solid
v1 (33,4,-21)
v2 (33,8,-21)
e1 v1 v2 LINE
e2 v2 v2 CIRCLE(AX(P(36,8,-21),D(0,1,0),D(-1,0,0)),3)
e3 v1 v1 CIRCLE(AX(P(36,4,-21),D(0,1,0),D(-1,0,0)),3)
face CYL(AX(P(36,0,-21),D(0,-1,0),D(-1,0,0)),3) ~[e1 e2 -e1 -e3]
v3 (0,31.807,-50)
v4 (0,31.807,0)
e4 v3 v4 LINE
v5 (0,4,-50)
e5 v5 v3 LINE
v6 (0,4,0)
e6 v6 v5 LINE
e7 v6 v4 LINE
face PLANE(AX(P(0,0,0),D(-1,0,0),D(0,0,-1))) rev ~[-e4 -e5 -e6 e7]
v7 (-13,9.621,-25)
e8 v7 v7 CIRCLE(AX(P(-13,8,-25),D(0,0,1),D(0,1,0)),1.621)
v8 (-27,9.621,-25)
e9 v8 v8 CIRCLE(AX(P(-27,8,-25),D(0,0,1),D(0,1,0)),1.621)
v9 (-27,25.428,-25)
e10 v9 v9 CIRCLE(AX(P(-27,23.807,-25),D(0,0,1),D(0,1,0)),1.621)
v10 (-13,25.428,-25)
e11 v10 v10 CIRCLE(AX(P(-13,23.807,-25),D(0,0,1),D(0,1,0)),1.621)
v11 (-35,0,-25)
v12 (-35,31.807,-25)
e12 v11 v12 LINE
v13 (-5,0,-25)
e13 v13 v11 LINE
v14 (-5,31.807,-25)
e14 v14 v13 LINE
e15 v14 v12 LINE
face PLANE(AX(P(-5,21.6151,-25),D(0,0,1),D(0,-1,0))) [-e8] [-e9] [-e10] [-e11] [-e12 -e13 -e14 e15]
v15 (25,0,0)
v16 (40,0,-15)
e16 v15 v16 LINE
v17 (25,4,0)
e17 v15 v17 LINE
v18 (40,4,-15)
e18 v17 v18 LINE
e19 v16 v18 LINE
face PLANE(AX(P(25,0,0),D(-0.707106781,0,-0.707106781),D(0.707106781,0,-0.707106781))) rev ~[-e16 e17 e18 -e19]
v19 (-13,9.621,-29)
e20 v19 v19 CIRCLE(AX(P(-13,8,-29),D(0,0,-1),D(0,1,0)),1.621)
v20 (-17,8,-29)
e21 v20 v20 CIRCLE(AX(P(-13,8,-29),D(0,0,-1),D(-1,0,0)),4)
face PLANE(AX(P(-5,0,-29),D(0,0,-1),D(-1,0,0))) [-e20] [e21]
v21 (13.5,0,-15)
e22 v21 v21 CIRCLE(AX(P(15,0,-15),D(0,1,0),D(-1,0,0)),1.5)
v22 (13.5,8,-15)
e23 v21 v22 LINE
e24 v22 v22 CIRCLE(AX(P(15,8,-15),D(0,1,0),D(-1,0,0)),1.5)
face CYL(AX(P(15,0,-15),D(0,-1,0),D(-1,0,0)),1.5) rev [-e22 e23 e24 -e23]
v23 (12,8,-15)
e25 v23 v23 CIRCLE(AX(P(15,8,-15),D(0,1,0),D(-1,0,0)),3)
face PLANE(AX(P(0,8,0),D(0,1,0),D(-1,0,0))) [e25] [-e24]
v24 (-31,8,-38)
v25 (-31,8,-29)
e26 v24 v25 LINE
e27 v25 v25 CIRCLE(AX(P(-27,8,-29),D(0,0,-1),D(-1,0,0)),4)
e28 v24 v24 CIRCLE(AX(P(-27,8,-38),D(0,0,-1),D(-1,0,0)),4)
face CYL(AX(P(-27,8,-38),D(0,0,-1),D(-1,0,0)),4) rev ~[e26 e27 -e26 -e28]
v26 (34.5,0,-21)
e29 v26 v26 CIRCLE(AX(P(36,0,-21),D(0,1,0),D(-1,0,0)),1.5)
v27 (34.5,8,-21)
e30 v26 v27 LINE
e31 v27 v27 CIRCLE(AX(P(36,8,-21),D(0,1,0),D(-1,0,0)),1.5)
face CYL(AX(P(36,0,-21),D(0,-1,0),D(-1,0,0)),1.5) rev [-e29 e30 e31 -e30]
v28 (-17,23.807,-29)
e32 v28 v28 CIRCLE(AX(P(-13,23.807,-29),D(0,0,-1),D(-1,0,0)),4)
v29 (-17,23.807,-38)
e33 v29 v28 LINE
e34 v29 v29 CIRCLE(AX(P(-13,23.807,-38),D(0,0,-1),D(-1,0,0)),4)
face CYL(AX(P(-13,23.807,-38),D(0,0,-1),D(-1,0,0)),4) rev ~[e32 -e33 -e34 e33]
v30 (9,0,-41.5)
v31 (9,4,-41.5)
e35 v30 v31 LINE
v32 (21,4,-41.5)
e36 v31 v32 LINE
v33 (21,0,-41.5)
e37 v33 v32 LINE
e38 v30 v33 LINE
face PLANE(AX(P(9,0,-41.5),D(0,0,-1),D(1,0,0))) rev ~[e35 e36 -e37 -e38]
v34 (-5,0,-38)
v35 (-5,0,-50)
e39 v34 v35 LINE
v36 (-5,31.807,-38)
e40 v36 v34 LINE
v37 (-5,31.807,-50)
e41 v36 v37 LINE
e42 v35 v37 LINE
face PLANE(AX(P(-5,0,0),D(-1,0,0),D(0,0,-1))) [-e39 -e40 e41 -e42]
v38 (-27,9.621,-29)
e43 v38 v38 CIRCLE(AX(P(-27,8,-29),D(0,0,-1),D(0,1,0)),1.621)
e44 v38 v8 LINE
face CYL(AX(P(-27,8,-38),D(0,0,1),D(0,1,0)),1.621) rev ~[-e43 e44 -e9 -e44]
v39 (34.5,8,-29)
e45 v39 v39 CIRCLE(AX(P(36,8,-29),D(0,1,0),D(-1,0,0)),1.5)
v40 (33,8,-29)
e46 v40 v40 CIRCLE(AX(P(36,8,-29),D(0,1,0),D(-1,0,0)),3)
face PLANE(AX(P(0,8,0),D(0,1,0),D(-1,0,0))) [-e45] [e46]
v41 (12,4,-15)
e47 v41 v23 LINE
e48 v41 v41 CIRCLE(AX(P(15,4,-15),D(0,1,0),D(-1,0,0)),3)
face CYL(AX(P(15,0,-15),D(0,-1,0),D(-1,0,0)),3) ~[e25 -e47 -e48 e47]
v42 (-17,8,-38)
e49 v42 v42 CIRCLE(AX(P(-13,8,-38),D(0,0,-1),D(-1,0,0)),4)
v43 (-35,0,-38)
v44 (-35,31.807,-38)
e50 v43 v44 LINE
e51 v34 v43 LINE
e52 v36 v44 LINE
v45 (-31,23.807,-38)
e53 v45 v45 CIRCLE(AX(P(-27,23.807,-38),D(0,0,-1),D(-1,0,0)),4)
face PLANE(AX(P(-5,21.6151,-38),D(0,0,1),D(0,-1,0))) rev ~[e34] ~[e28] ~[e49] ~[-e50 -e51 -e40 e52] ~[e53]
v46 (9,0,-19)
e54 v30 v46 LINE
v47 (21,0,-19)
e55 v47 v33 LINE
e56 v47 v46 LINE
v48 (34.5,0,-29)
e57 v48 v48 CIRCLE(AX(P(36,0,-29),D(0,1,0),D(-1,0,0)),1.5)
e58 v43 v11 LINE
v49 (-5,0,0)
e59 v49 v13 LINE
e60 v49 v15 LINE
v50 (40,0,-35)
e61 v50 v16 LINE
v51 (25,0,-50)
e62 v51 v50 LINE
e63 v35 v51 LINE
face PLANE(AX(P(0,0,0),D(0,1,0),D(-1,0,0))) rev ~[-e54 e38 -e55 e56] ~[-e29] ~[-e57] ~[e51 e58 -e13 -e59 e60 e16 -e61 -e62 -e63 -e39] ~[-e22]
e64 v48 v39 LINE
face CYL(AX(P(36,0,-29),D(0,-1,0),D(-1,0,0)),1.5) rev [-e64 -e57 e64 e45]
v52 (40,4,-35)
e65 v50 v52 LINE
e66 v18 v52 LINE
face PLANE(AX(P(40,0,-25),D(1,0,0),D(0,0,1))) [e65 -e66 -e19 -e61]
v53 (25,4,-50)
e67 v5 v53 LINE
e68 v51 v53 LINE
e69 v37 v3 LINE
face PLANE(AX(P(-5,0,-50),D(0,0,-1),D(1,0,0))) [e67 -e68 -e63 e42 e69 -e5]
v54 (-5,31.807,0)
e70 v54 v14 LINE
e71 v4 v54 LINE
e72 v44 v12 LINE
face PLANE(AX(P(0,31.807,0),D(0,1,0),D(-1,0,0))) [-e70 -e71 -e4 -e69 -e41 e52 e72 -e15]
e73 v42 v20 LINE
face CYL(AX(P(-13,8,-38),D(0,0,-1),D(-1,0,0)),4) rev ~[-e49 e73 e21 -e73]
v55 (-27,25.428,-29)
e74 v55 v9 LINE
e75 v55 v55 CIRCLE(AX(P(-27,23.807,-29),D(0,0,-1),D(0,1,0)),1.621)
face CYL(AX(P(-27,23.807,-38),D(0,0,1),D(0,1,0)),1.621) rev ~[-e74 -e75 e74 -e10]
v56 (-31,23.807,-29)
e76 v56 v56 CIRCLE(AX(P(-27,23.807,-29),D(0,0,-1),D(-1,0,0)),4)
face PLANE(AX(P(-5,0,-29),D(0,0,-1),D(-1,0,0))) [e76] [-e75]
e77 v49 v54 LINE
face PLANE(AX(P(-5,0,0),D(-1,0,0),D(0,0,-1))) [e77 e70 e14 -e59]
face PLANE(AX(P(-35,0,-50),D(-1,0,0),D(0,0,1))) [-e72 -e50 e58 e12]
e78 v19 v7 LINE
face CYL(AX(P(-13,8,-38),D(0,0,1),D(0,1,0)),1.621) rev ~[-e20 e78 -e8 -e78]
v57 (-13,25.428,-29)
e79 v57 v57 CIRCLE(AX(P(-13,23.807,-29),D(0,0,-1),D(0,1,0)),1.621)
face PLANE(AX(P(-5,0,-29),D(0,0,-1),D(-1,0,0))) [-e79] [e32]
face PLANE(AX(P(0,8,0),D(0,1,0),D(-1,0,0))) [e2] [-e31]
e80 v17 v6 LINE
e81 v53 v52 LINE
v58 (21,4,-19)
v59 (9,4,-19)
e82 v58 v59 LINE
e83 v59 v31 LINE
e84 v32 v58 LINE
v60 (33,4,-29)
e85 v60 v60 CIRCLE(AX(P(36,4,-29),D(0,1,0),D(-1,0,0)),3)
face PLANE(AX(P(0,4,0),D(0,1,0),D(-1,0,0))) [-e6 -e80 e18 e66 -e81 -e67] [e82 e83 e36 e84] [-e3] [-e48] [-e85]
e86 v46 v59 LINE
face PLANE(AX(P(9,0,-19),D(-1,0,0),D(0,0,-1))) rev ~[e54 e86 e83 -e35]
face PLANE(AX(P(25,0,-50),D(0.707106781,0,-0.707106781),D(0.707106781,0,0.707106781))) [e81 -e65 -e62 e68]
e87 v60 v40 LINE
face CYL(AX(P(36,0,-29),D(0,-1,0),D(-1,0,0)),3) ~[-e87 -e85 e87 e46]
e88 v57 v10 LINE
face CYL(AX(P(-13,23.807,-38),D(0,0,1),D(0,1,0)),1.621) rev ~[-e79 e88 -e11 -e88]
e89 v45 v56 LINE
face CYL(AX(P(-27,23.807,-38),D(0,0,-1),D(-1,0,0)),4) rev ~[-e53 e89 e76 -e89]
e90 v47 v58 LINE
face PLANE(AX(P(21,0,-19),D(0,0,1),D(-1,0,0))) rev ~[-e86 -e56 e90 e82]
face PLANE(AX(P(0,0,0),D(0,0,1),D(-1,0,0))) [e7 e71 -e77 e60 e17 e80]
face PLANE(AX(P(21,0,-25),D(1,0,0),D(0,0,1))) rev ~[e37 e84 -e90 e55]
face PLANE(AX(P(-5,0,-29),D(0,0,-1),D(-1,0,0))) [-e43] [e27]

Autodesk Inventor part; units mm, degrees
ref_plane "YZ Plane" through (0, 0, 0) normal (1, 0, 0) x (0, 1, 0)
ref_plane "XZ Plane" through (0, 0, 0) normal (0, 1, 0) x (-1, 0, 0)
ref_plane "XY Plane" through (0, 0, 0) normal (0, 0, 1) x (1, 0, 0)
sketch "Sketch1" plane through (0, 0, 0) normal (0, 1, 0) x (-1, 0, 0)
  point P0 (0, 0)
sketch "Sketch2" plane through (0, 0, 0) normal (0, 1, 0) x (-1, 0, 0)
  line L0 (0, 0) -> (0, -50)
  line L1 (0, -50) -> (-25, -50)
  line L2 (-40, -35) -> (-40, -15)
  line L3 (-25, 0) -> (0, 0)
  line L4 (-25, -50) -> (-40, -35)
  line L5 (-25, 0) -> (-40, -15)
  line L6 (-9, -35) -> (-9, -41.5)
  line L7 (-9, -41.5) -> (-21, -41.5)
  line L8 (-21, -41.5) -> (-21, -19)
  line L9 (-21, -19) -> (-9, -19)
  line L10 (-9, -19) -> (-9, -35)
  circle A0 centre (-15, -15) radius 3
  line L11 (0, -25) -> (-40, -25)
  circle A1 centre (-15, -15) radius 1.5
  line L12 (0, 0) -> (5, 0)
  line L13 (5, 0) -> (5, -50)
  line L14 (5, -50) -> (0, -50)
  circle A2 centre (-36, -21) radius 3
  circle A3 centre (-36, -29) radius 3
  circle A4 centre (-36, -21) radius 1.5
  circle A5 centre (-36, -29) radius 1.5
  dimension "d0" = 50
  dimension "d1" = 25
  dimension "d4" = 20
  dimension "d7" = 6.5
  dimension "d8" = 12
  dimension "d9" = 22.5
  dimension "d10" = 6
  dimension "d13" = 3
  dimension "d16" = 5
  dimension "d17" = 6
  dimension "d18" = 6
  dimension "d19" = 3
  dimension "d20" = 3
extrude "Extrusion1" add sketch "Sketch2" along normal blind 8 contours A0 | A2 | A3
extrude "Extrusion2" add sketch "Sketch2" along normal blind 4 contours L0 L11 L10 L9 L8 L2 L5 L3 | L0 L1 L4 L2 L11 L8 L7 L6 L10
extrude "Extrusion3" add sketch "Sketch2" along normal blind 31.807 contours L12 L13 L14 L0
sketch "Szkic4" plane through (-5, 0, -50) normal (-1, 0, 0) x (0, 0, 1)
  line L0 (0, 0) -> (50, 0) projected
  line L1 (50, 0) -> (50, 31.807) projected
  line L2 (0, 31.807) -> (50, 31.807) projected
  line L3 (0, 0) -> (0, 31.807) projected
  line L4 (38, 21.6151) -> (12, 21.6151)
  line L5 (25, 21.6151) -> (25, 0)
  line L6 (25, 21.6151) -> (25, 31.807)
  line L7 (12, 21.6151) -> (12, 31.807)
  line L8 (12, 21.6151) -> (12, 0)
  dimension "d32" = 31.807
  dimension "d33" = 50
  dimension "d34" = 26
  dimension "d35" = 12
  dimension "d36" = 12
  dimension "d37" = 13
extrude "Wyciągnięcie proste5" add sketch "Szkic4" along normal blind 30 contours L8 L4 L5 L0 | L7 L2 L6 L4
sketch "Szkic5" plane through (-5, 0, -38) normal (0, 0, -1) x (-1, 0, 0)
  line L0 (0, 0) -> (30, 0) projected
  line L1 (0, 31.807) -> (30, 31.807) projected
  line L2 (30, 31.807) -> (30, 0) projected
  line L3 (0, 0) -> (0, 31.807) projected
  line L4 (0, 0) -> (30, 0) projected
  line L5 (30, 31.807) -> (30, 0) projected
  line L6 (0, 31.807) -> (30, 31.807) projected
  point P0 (-5, 0)
  point P1 (22, 8)
  point P2 (22, 23.807)
  point P3 (8, 8)
  point P4 (8, 23.807)
  dimension "d40" = 8
  dimension "d41" = 8
  dimension "d42" = 8
  dimension "d43" = 8
  dimension "d51" = 8
  dimension "d52" = 8
  dimension "d53" = 8
  dimension "d54" = 8
hole "Otwór1" at (-27, 8, -38) at (-27, 23.807, -38) at (-13, 8, -38) at (-13, 23.807, -38) direction (0, 0, 1) diameter 3.242 end through all thread size "M4x0.7" designation "M4" class "6H" standard "GB Metric profile"
sketch "Szkic6" plane through (-5, 0, -38) normal (0, 0, -1) x (-1, 0, 0)
  circle A0 centre (8, 23.807) radius 1.621 projected
  circle A1 centre (8, 8) radius 1.621 projected
  circle A2 centre (22, 23.807) radius 1.621 projected
  circle A3 centre (22, 8) radius 1.621 projected
  line L0 (0, 0) -> (0, 31.807) projected
  line L1 (0, 0) -> (30, 0) projected
  line L2 (30, 31.807) -> (30, 0) projected
  line L3 (0, 31.807) -> (30, 31.807) projected
  circle A4 centre (8, 23.807) radius 4
  circle A5 centre (22, 23.807) radius 4
  circle A6 centre (22, 8) radius 4
  circle A7 centre (8, 8) radius 4
  point P0 (-5, 0)
  dimension "d55" = 8
  dimension "d56" = 8
  dimension "d57" = 8
  dimension "d58" = 8
extrude "Wyciągnięcie proste6" cut sketch "Szkic6" against normal blind 9 contours A4 | A5 | A6 | A7
properties part number "podstawachwytak"
